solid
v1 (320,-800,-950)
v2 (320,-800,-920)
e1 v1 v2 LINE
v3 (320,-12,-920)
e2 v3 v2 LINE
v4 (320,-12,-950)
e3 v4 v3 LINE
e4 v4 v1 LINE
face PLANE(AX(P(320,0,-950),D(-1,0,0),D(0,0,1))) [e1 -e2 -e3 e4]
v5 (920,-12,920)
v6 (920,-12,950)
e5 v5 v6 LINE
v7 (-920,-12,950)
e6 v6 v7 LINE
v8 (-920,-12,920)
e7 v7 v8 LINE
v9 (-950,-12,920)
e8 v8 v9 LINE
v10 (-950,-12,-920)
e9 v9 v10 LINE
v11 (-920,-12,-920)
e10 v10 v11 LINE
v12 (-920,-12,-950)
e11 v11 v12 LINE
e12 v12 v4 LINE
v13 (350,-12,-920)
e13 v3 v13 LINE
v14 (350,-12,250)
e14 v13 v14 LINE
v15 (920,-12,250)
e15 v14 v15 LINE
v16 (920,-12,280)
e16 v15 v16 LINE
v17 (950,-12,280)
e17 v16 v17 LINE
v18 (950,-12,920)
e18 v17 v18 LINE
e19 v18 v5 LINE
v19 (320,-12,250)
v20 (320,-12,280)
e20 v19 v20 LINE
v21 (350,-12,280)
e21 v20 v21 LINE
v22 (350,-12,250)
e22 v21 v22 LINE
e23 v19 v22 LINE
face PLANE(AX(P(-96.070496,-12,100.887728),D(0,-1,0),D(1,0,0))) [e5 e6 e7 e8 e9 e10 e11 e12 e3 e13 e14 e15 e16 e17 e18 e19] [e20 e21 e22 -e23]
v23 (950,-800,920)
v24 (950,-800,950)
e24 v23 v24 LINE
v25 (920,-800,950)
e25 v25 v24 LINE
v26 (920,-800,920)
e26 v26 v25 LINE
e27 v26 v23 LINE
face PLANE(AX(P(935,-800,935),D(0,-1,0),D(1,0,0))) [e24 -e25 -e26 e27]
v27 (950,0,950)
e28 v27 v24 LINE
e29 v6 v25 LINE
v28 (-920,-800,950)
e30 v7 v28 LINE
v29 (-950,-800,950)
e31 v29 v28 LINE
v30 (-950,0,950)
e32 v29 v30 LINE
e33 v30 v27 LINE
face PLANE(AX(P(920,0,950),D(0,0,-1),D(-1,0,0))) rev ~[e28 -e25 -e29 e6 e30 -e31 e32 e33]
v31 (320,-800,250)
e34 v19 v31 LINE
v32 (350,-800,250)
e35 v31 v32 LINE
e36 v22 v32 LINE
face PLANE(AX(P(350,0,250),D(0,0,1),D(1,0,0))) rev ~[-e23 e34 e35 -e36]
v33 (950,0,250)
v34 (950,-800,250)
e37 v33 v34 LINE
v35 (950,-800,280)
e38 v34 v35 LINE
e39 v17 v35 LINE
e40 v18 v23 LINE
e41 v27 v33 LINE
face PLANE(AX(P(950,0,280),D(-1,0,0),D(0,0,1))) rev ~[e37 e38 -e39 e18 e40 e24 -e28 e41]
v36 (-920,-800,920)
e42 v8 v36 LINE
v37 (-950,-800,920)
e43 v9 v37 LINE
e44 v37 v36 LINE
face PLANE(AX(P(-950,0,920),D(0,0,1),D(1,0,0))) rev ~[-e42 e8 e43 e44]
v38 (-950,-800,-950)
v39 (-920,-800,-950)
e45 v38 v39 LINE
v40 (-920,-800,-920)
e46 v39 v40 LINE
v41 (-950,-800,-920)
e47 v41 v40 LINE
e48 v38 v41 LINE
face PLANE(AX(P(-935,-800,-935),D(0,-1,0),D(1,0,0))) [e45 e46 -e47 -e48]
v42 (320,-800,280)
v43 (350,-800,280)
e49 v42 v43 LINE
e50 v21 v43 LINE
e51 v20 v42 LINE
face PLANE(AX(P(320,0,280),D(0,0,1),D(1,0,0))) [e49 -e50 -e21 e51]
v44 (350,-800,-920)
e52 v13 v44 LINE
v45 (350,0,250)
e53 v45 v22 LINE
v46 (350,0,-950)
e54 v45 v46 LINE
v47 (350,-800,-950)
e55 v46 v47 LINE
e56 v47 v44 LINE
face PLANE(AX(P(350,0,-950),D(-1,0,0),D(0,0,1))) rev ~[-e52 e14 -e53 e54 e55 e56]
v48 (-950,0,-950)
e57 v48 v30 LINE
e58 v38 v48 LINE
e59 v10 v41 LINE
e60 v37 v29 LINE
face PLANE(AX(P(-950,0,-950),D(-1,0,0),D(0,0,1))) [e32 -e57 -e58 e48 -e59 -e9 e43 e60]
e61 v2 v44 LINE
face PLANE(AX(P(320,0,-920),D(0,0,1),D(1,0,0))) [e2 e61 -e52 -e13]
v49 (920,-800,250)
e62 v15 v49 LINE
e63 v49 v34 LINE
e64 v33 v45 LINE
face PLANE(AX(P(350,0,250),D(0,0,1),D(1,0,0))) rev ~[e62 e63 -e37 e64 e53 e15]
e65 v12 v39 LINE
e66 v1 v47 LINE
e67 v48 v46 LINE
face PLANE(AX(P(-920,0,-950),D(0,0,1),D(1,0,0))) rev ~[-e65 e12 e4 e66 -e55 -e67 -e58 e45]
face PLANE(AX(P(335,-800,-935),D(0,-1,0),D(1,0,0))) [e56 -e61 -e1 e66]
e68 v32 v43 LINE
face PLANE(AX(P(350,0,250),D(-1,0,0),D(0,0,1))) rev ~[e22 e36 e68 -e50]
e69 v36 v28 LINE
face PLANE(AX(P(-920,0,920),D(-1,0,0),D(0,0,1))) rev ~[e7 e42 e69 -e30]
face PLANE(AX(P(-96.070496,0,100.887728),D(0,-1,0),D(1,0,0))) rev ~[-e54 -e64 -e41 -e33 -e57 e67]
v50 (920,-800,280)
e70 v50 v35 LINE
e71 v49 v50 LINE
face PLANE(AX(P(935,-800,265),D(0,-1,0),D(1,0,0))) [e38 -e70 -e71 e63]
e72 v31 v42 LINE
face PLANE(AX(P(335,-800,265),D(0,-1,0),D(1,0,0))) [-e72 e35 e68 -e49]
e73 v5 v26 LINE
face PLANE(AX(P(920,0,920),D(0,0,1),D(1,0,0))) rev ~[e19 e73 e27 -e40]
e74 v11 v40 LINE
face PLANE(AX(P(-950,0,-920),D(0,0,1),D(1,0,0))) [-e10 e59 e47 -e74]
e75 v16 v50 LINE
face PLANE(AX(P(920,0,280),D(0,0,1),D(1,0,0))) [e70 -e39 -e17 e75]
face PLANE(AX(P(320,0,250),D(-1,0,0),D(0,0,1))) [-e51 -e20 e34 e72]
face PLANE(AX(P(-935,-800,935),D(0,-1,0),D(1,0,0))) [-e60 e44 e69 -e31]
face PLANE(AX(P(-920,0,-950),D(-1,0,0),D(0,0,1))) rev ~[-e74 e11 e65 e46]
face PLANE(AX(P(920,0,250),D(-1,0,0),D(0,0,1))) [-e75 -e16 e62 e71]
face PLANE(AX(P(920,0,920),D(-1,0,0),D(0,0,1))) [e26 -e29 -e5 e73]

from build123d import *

# Parameters (mm, degrees)
F0_W     = 30
F0_H     = 30
F1_DEPTH = 800
F2_DEPTH = 12
F0_H_2   = 1170
F3_DEPTH = 12


with BuildPart() as f1:
    # F0 (on Front) → F1 (new body)
    with BuildSketch(Plane.XZ):
        with Locations((-935, 935)):
            Rectangle(F0_W, F0_H)
    extrude(amount=F1_DEPTH)



with BuildPart() as f1b:
    # F0 (on Front) → F1, piece 2 (new body)
    with BuildSketch(Plane.XZ):
        with Locations((935, 935)):
            Rectangle(F0_W, F0_H)
    extrude(amount=F1_DEPTH)


with BuildPart() as f1c:
    # F0 (on Front) → F1, piece 3 (new body)
    with BuildSketch(Plane.XZ):
        with Locations((935, 265)):
            Rectangle(F0_W, F0_H)
    extrude(amount=F1_DEPTH)


with BuildPart() as f1d:
    # F0 (on Front) → F1, piece 4 (new body)
    with BuildSketch(Plane.XZ):
        with Locations((335, 265)):
            Rectangle(F0_W, F0_H)
    extrude(amount=F1_DEPTH)


with BuildPart() as f1e:
    # F0 (on Front) → F1, piece 5 (new body)
    with BuildSketch(Plane.XZ):
        with Locations((335, -935)):
            Rectangle(F0_W, F0_H)
    extrude(amount=F1_DEPTH)


with BuildPart() as f1f:
    # F0 (on Front) → F1, piece 6 (new body)
    with BuildSketch(Plane.XZ):
        with Locations((-935, -935)):
            Rectangle(F0_W, F0_H)
    extrude(amount=F1_DEPTH)


with BuildPart() as f1_1:
    add(f1.part)

    add(f1b.part)  # F2 merges F1b

    add(f1c.part)  # F2 merges F1c

    add(f1d.part)  # F2 merges F1d

    add(f1e.part)  # F2 merges F1e

    add(f1f.part)  # F2 merges F1f
    # F0 (on Front) → F2 (join)
    with BuildSketch(Plane.XZ):
        Polygon((-920, -920), (-920, -950), (320, -950), (320, -920), (320, 250), (320, 280), (350, 280), (350, 250), (920, 250), (920, 280), (950, 280), (950, 920), (920, 920), (920, 950), (-920, 950), (-920, 920), (-950, 920), (-950, -920), align=None)
    extrude(amount=F2_DEPTH)

    # F0 (on Front) → F3 (join)
    with BuildSketch(Plane.XZ):
        Polygon((-920, -920), (-920, -950), (320, -950), (320, -920), (320, 250), (320, 280), (350, 280), (350, 250), (920, 250), (920, 280), (950, 280), (950, 920), (920, 920), (920, 950), (-920, 950), (-920, 920), (-950, 920), (-950, -920), align=None)
        with Locations((335, -335)):
            Rectangle(F0_W, F0_H_2)
        with Locations((335, -935)):
            Rectangle(F0_W, F0_H)
        with Locations((335, 265)):
            Rectangle(F0_W, F0_H)
        with Locations((935, 265)):
            Rectangle(F0_W, F0_H)
        with Locations((-935, -935)):
            Rectangle(F0_W, F0_H)
        with Locations((935, 935)):
            Rectangle(F0_W, F0_H)
        with Locations((-935, 935)):
            Rectangle(F0_W, F0_H)
    extrude(amount=F3_DEPTH)


solid = f1_1.part
